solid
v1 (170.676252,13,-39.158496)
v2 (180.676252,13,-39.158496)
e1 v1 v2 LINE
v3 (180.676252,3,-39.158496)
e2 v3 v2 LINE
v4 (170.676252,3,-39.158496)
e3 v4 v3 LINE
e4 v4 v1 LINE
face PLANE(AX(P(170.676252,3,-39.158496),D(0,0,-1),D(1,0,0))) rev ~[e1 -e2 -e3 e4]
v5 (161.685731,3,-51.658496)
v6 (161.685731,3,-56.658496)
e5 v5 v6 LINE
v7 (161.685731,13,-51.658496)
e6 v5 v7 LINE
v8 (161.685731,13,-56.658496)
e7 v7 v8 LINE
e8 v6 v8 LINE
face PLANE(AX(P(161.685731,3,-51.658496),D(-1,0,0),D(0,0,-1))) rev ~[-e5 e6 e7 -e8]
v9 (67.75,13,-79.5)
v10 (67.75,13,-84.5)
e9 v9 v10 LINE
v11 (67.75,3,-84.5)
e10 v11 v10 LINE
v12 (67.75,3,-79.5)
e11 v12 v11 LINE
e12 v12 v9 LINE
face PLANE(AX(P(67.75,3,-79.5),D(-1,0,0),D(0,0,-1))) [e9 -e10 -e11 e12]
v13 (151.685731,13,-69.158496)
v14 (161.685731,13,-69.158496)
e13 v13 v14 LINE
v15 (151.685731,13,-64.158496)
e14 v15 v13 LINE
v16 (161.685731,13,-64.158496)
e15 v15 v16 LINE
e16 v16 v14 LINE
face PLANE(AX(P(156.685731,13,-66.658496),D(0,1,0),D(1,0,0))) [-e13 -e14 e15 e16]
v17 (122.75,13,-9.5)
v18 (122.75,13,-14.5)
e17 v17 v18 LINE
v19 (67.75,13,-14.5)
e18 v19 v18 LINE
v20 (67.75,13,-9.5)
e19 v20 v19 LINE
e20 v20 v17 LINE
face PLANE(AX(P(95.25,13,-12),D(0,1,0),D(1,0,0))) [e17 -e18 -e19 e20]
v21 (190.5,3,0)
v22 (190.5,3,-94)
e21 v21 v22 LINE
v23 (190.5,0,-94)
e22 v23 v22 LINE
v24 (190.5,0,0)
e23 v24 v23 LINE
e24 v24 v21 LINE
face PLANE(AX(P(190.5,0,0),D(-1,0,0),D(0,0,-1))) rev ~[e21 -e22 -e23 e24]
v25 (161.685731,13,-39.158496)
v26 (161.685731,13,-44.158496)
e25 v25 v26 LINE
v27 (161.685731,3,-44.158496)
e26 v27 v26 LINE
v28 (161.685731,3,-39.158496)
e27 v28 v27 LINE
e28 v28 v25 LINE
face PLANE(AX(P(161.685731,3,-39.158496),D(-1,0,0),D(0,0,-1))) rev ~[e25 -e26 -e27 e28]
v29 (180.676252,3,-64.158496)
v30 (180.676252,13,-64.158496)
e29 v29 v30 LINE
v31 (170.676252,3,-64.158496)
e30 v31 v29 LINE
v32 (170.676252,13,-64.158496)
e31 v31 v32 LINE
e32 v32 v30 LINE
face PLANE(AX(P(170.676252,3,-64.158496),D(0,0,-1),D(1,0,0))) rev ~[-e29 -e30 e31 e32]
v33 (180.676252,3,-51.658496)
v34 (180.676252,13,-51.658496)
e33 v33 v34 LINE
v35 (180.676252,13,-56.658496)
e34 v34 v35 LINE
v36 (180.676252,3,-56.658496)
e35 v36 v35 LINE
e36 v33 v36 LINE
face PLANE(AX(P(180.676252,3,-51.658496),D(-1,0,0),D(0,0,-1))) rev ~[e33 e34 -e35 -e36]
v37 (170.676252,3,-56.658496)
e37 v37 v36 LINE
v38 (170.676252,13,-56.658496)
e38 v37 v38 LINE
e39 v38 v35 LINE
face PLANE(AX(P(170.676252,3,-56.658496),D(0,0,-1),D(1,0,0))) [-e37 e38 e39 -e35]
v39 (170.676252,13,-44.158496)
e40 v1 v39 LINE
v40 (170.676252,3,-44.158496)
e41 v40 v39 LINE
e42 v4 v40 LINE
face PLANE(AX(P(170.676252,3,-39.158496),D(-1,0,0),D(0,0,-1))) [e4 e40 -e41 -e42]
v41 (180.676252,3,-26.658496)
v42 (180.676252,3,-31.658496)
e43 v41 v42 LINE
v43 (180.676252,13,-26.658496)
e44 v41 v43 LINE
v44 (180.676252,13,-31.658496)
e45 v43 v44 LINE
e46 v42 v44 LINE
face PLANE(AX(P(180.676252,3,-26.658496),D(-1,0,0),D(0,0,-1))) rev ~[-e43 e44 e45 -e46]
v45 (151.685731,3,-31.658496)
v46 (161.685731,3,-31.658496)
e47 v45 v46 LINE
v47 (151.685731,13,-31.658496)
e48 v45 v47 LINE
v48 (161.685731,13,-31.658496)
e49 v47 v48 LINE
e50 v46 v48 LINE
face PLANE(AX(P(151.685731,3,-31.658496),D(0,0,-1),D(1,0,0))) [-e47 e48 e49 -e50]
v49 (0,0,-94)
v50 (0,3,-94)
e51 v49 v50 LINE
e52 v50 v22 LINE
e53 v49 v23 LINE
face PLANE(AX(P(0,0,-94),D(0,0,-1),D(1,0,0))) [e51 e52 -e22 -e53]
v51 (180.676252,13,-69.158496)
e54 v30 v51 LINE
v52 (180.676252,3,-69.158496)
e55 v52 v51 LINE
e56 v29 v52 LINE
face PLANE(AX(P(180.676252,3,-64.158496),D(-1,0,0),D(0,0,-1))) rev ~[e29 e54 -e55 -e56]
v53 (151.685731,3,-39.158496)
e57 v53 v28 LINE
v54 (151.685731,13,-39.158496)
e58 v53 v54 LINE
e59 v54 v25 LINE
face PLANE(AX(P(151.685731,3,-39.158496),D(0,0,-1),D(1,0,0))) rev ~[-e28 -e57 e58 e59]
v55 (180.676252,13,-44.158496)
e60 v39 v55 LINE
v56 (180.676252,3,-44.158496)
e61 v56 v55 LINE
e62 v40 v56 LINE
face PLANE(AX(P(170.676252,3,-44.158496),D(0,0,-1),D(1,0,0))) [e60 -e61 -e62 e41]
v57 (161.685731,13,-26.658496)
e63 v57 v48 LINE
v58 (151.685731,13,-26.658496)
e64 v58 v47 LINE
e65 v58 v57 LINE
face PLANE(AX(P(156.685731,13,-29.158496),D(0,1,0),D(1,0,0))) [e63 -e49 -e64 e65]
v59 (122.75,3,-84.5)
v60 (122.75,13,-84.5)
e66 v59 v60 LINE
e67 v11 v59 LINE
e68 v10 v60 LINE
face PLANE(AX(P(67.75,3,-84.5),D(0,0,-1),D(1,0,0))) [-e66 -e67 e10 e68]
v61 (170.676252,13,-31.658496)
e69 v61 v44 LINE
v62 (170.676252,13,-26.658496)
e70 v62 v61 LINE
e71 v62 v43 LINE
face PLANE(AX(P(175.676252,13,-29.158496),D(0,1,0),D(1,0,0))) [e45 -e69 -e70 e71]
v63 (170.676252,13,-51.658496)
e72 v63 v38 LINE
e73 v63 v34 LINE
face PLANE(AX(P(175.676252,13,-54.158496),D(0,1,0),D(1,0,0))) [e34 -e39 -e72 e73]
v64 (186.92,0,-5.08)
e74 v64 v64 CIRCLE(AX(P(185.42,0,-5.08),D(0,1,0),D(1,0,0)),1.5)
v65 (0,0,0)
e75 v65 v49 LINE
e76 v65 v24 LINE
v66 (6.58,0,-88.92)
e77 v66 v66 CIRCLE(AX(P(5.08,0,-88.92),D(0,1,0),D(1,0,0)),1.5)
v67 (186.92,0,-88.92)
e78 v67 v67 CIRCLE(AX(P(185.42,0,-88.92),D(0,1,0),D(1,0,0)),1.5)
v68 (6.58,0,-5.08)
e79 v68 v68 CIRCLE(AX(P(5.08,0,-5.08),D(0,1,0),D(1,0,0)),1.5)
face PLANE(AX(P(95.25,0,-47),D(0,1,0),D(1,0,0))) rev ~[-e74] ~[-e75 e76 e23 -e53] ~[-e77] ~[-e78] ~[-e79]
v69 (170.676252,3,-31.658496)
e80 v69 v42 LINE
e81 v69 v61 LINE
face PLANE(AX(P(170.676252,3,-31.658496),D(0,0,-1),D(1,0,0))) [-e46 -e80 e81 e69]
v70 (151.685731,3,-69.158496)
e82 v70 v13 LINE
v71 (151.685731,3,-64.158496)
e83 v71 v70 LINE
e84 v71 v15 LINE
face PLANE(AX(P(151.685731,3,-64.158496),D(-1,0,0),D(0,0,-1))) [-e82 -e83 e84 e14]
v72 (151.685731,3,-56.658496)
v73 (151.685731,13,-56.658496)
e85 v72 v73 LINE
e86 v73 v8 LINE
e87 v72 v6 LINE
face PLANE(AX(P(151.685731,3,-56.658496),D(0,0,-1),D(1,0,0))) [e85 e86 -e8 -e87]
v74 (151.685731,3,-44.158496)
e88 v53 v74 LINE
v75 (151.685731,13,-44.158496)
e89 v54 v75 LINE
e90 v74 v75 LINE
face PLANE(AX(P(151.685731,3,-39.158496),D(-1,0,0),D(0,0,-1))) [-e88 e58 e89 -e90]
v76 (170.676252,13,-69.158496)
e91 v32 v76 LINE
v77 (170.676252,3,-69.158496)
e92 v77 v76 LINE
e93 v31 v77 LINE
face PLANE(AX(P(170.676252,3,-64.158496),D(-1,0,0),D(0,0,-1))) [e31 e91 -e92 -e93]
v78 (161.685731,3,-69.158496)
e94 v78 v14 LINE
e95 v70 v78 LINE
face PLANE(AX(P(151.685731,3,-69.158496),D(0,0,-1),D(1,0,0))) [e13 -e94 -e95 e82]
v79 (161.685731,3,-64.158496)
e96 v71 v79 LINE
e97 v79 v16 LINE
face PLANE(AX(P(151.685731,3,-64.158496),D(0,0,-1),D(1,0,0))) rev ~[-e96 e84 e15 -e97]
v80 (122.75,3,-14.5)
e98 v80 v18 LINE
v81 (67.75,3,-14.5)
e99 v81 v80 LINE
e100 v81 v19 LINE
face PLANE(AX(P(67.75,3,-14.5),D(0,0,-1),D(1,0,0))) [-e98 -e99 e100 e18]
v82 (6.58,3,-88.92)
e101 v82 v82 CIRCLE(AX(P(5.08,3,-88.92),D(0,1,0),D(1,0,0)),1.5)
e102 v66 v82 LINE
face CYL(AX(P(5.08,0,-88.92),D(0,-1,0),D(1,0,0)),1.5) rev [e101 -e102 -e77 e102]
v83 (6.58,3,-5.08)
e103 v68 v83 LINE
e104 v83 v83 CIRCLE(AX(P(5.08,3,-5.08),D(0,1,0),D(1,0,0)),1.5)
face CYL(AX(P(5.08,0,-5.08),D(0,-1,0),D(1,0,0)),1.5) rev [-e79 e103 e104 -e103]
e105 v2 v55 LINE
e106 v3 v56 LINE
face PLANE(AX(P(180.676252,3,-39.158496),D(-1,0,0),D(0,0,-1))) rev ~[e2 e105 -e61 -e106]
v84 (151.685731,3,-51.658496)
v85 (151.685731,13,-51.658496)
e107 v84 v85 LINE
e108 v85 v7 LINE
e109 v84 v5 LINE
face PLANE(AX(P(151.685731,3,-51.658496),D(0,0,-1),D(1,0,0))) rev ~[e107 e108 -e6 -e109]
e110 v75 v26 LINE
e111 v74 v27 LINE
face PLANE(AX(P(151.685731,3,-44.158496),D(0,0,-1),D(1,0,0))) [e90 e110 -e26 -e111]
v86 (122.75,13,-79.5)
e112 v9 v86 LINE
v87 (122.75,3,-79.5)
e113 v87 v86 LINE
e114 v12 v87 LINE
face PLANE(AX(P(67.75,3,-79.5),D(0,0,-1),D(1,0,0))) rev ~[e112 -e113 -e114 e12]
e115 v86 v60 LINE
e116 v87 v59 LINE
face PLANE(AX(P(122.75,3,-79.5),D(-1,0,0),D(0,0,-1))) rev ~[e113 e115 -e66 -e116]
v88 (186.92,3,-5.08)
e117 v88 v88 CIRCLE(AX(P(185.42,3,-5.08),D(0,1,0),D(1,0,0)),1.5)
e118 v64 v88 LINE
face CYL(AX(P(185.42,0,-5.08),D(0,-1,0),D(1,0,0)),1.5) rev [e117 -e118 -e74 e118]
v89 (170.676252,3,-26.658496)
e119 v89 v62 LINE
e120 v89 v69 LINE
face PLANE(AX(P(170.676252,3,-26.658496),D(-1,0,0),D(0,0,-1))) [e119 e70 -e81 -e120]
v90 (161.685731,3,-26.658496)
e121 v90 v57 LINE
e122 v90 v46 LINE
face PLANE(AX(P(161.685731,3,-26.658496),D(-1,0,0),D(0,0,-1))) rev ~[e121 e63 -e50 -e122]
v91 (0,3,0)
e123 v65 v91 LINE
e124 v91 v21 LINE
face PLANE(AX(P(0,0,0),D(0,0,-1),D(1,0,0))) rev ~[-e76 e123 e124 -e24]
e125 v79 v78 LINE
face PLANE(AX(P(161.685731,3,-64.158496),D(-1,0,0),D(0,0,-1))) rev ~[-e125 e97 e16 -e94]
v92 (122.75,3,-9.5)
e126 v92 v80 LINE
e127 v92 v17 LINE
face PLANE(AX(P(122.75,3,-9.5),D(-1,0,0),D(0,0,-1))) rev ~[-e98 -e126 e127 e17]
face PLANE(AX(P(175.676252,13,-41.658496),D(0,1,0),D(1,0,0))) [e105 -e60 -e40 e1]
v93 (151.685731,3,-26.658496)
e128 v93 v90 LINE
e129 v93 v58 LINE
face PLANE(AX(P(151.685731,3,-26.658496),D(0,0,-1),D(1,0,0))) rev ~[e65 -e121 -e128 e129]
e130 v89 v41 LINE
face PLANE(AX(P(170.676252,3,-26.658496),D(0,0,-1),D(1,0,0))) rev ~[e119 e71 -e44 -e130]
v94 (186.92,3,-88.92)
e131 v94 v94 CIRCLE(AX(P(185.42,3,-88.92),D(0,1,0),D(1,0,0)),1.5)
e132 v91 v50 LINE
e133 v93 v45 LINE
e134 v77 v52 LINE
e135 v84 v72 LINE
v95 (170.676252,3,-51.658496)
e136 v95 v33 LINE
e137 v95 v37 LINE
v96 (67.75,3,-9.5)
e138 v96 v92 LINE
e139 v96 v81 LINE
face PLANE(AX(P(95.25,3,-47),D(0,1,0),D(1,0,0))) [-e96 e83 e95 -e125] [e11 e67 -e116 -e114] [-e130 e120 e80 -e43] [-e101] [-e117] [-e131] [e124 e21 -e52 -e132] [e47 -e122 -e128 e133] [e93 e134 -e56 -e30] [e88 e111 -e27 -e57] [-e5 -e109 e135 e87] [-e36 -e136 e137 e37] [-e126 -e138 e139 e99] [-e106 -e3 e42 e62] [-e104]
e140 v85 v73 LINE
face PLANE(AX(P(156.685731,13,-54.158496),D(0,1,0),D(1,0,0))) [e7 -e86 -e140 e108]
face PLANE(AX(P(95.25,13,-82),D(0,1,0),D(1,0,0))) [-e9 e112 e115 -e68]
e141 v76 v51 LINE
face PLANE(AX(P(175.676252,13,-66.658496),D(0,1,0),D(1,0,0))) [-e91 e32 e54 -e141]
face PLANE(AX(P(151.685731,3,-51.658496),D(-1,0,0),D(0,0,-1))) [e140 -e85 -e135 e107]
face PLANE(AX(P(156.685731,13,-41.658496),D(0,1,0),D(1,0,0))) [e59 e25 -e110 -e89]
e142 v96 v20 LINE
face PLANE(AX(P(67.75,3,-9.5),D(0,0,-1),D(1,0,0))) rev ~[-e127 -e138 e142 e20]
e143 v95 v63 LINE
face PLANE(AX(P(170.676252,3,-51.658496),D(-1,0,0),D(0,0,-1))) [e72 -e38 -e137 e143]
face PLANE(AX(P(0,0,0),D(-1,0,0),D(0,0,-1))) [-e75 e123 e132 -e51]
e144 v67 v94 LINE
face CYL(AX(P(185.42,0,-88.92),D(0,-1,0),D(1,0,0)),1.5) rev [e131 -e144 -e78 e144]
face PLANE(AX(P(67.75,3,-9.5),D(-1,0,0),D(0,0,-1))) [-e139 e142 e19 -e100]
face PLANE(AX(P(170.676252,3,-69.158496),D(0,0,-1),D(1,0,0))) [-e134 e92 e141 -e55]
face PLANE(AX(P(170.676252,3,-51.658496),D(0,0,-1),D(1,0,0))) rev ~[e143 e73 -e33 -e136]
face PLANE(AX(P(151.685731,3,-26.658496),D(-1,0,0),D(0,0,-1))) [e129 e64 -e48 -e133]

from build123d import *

# Parameters (mm, degrees)
ESQUISSE1_W      = 190.5
ESQUISSE1_H      = 94
ESQUISSE1_R      = 1.5
EXTRUSION1_DEPTH = 3
ESQUISSE2_W      = 55
ESQUISSE2_H      = 5
EXTRUSION2_DEPTH = 10
ESQUISSE4_W      = 10
ESQUISSE4_H      = 5
EXTRUSION4_DEPTH = 10


with BuildPart() as part:
    # Esquisse1 → Extrusion1 (new body)
    with BuildSketch(Plane(origin=(0, 0, 0), x_dir=(1, 0, 0), z_dir=(0, 1, 0))):
        with Locations((95.25, 47)):
            Rectangle(ESQUISSE1_W, ESQUISSE1_H)
        with Locations((5.08, 88.92)):
            Circle(ESQUISSE1_R, mode=Mode.SUBTRACT)
        with Locations((185.42, 88.92)):
            Circle(ESQUISSE1_R, mode=Mode.SUBTRACT)
        with Locations((185.42, 5.08)):
            Circle(ESQUISSE1_R, mode=Mode.SUBTRACT)
        with Locations((5.08, 5.08)):
            Circle(ESQUISSE1_R, mode=Mode.SUBTRACT)
    extrude(amount=EXTRUSION1_DEPTH)

    # Esquisse2 → Extrusion2 (add)
    with BuildSketch(Plane(origin=(0, 3, 0), x_dir=(1, 0, 0), z_dir=(0, 1, 0))):
        with Locations((95.25, 82)):
            Rectangle(ESQUISSE2_W, ESQUISSE2_H)
        with Locations((95.25, 12)):
            Rectangle(ESQUISSE2_W, ESQUISSE2_H)
    extrude(amount=EXTRUSION2_DEPTH)

    # Esquisse4 → Extrusion4 (add)
    with BuildSketch(Plane(origin=(0, 3, 0), x_dir=(1, 0, 0), z_dir=(0, 1, 0))):
        with Locations((175.67625178, 66.658495743)):
            Rectangle(ESQUISSE4_W, ESQUISSE4_H)
        with Locations((156.685730764, 66.658495743)):
            Rectangle(ESQUISSE4_W, ESQUISSE4_H)
        with Locations((156.685730764, 41.658495743)):
            Rectangle(ESQUISSE4_W, ESQUISSE4_H)
        with Locations((156.685730764, 29.158495743)):
            Rectangle(ESQUISSE4_W, ESQUISSE4_H)
        with Locations((156.685730764, 54.158495743)):
            Rectangle(ESQUISSE4_W, ESQUISSE4_H)
        with Locations((175.67625178, 41.658495743)):
            Rectangle(ESQUISSE4_W, ESQUISSE4_H)
        with Locations((175.67625178, 29.158495743)):
            Rectangle(ESQUISSE4_W, ESQUISSE4_H)
        with Locations((175.67625178, 54.158495743)):
            Rectangle(ESQUISSE4_W, ESQUISSE4_H)
    extrude(amount=EXTRUSION4_DEPTH)


solid = part.part
